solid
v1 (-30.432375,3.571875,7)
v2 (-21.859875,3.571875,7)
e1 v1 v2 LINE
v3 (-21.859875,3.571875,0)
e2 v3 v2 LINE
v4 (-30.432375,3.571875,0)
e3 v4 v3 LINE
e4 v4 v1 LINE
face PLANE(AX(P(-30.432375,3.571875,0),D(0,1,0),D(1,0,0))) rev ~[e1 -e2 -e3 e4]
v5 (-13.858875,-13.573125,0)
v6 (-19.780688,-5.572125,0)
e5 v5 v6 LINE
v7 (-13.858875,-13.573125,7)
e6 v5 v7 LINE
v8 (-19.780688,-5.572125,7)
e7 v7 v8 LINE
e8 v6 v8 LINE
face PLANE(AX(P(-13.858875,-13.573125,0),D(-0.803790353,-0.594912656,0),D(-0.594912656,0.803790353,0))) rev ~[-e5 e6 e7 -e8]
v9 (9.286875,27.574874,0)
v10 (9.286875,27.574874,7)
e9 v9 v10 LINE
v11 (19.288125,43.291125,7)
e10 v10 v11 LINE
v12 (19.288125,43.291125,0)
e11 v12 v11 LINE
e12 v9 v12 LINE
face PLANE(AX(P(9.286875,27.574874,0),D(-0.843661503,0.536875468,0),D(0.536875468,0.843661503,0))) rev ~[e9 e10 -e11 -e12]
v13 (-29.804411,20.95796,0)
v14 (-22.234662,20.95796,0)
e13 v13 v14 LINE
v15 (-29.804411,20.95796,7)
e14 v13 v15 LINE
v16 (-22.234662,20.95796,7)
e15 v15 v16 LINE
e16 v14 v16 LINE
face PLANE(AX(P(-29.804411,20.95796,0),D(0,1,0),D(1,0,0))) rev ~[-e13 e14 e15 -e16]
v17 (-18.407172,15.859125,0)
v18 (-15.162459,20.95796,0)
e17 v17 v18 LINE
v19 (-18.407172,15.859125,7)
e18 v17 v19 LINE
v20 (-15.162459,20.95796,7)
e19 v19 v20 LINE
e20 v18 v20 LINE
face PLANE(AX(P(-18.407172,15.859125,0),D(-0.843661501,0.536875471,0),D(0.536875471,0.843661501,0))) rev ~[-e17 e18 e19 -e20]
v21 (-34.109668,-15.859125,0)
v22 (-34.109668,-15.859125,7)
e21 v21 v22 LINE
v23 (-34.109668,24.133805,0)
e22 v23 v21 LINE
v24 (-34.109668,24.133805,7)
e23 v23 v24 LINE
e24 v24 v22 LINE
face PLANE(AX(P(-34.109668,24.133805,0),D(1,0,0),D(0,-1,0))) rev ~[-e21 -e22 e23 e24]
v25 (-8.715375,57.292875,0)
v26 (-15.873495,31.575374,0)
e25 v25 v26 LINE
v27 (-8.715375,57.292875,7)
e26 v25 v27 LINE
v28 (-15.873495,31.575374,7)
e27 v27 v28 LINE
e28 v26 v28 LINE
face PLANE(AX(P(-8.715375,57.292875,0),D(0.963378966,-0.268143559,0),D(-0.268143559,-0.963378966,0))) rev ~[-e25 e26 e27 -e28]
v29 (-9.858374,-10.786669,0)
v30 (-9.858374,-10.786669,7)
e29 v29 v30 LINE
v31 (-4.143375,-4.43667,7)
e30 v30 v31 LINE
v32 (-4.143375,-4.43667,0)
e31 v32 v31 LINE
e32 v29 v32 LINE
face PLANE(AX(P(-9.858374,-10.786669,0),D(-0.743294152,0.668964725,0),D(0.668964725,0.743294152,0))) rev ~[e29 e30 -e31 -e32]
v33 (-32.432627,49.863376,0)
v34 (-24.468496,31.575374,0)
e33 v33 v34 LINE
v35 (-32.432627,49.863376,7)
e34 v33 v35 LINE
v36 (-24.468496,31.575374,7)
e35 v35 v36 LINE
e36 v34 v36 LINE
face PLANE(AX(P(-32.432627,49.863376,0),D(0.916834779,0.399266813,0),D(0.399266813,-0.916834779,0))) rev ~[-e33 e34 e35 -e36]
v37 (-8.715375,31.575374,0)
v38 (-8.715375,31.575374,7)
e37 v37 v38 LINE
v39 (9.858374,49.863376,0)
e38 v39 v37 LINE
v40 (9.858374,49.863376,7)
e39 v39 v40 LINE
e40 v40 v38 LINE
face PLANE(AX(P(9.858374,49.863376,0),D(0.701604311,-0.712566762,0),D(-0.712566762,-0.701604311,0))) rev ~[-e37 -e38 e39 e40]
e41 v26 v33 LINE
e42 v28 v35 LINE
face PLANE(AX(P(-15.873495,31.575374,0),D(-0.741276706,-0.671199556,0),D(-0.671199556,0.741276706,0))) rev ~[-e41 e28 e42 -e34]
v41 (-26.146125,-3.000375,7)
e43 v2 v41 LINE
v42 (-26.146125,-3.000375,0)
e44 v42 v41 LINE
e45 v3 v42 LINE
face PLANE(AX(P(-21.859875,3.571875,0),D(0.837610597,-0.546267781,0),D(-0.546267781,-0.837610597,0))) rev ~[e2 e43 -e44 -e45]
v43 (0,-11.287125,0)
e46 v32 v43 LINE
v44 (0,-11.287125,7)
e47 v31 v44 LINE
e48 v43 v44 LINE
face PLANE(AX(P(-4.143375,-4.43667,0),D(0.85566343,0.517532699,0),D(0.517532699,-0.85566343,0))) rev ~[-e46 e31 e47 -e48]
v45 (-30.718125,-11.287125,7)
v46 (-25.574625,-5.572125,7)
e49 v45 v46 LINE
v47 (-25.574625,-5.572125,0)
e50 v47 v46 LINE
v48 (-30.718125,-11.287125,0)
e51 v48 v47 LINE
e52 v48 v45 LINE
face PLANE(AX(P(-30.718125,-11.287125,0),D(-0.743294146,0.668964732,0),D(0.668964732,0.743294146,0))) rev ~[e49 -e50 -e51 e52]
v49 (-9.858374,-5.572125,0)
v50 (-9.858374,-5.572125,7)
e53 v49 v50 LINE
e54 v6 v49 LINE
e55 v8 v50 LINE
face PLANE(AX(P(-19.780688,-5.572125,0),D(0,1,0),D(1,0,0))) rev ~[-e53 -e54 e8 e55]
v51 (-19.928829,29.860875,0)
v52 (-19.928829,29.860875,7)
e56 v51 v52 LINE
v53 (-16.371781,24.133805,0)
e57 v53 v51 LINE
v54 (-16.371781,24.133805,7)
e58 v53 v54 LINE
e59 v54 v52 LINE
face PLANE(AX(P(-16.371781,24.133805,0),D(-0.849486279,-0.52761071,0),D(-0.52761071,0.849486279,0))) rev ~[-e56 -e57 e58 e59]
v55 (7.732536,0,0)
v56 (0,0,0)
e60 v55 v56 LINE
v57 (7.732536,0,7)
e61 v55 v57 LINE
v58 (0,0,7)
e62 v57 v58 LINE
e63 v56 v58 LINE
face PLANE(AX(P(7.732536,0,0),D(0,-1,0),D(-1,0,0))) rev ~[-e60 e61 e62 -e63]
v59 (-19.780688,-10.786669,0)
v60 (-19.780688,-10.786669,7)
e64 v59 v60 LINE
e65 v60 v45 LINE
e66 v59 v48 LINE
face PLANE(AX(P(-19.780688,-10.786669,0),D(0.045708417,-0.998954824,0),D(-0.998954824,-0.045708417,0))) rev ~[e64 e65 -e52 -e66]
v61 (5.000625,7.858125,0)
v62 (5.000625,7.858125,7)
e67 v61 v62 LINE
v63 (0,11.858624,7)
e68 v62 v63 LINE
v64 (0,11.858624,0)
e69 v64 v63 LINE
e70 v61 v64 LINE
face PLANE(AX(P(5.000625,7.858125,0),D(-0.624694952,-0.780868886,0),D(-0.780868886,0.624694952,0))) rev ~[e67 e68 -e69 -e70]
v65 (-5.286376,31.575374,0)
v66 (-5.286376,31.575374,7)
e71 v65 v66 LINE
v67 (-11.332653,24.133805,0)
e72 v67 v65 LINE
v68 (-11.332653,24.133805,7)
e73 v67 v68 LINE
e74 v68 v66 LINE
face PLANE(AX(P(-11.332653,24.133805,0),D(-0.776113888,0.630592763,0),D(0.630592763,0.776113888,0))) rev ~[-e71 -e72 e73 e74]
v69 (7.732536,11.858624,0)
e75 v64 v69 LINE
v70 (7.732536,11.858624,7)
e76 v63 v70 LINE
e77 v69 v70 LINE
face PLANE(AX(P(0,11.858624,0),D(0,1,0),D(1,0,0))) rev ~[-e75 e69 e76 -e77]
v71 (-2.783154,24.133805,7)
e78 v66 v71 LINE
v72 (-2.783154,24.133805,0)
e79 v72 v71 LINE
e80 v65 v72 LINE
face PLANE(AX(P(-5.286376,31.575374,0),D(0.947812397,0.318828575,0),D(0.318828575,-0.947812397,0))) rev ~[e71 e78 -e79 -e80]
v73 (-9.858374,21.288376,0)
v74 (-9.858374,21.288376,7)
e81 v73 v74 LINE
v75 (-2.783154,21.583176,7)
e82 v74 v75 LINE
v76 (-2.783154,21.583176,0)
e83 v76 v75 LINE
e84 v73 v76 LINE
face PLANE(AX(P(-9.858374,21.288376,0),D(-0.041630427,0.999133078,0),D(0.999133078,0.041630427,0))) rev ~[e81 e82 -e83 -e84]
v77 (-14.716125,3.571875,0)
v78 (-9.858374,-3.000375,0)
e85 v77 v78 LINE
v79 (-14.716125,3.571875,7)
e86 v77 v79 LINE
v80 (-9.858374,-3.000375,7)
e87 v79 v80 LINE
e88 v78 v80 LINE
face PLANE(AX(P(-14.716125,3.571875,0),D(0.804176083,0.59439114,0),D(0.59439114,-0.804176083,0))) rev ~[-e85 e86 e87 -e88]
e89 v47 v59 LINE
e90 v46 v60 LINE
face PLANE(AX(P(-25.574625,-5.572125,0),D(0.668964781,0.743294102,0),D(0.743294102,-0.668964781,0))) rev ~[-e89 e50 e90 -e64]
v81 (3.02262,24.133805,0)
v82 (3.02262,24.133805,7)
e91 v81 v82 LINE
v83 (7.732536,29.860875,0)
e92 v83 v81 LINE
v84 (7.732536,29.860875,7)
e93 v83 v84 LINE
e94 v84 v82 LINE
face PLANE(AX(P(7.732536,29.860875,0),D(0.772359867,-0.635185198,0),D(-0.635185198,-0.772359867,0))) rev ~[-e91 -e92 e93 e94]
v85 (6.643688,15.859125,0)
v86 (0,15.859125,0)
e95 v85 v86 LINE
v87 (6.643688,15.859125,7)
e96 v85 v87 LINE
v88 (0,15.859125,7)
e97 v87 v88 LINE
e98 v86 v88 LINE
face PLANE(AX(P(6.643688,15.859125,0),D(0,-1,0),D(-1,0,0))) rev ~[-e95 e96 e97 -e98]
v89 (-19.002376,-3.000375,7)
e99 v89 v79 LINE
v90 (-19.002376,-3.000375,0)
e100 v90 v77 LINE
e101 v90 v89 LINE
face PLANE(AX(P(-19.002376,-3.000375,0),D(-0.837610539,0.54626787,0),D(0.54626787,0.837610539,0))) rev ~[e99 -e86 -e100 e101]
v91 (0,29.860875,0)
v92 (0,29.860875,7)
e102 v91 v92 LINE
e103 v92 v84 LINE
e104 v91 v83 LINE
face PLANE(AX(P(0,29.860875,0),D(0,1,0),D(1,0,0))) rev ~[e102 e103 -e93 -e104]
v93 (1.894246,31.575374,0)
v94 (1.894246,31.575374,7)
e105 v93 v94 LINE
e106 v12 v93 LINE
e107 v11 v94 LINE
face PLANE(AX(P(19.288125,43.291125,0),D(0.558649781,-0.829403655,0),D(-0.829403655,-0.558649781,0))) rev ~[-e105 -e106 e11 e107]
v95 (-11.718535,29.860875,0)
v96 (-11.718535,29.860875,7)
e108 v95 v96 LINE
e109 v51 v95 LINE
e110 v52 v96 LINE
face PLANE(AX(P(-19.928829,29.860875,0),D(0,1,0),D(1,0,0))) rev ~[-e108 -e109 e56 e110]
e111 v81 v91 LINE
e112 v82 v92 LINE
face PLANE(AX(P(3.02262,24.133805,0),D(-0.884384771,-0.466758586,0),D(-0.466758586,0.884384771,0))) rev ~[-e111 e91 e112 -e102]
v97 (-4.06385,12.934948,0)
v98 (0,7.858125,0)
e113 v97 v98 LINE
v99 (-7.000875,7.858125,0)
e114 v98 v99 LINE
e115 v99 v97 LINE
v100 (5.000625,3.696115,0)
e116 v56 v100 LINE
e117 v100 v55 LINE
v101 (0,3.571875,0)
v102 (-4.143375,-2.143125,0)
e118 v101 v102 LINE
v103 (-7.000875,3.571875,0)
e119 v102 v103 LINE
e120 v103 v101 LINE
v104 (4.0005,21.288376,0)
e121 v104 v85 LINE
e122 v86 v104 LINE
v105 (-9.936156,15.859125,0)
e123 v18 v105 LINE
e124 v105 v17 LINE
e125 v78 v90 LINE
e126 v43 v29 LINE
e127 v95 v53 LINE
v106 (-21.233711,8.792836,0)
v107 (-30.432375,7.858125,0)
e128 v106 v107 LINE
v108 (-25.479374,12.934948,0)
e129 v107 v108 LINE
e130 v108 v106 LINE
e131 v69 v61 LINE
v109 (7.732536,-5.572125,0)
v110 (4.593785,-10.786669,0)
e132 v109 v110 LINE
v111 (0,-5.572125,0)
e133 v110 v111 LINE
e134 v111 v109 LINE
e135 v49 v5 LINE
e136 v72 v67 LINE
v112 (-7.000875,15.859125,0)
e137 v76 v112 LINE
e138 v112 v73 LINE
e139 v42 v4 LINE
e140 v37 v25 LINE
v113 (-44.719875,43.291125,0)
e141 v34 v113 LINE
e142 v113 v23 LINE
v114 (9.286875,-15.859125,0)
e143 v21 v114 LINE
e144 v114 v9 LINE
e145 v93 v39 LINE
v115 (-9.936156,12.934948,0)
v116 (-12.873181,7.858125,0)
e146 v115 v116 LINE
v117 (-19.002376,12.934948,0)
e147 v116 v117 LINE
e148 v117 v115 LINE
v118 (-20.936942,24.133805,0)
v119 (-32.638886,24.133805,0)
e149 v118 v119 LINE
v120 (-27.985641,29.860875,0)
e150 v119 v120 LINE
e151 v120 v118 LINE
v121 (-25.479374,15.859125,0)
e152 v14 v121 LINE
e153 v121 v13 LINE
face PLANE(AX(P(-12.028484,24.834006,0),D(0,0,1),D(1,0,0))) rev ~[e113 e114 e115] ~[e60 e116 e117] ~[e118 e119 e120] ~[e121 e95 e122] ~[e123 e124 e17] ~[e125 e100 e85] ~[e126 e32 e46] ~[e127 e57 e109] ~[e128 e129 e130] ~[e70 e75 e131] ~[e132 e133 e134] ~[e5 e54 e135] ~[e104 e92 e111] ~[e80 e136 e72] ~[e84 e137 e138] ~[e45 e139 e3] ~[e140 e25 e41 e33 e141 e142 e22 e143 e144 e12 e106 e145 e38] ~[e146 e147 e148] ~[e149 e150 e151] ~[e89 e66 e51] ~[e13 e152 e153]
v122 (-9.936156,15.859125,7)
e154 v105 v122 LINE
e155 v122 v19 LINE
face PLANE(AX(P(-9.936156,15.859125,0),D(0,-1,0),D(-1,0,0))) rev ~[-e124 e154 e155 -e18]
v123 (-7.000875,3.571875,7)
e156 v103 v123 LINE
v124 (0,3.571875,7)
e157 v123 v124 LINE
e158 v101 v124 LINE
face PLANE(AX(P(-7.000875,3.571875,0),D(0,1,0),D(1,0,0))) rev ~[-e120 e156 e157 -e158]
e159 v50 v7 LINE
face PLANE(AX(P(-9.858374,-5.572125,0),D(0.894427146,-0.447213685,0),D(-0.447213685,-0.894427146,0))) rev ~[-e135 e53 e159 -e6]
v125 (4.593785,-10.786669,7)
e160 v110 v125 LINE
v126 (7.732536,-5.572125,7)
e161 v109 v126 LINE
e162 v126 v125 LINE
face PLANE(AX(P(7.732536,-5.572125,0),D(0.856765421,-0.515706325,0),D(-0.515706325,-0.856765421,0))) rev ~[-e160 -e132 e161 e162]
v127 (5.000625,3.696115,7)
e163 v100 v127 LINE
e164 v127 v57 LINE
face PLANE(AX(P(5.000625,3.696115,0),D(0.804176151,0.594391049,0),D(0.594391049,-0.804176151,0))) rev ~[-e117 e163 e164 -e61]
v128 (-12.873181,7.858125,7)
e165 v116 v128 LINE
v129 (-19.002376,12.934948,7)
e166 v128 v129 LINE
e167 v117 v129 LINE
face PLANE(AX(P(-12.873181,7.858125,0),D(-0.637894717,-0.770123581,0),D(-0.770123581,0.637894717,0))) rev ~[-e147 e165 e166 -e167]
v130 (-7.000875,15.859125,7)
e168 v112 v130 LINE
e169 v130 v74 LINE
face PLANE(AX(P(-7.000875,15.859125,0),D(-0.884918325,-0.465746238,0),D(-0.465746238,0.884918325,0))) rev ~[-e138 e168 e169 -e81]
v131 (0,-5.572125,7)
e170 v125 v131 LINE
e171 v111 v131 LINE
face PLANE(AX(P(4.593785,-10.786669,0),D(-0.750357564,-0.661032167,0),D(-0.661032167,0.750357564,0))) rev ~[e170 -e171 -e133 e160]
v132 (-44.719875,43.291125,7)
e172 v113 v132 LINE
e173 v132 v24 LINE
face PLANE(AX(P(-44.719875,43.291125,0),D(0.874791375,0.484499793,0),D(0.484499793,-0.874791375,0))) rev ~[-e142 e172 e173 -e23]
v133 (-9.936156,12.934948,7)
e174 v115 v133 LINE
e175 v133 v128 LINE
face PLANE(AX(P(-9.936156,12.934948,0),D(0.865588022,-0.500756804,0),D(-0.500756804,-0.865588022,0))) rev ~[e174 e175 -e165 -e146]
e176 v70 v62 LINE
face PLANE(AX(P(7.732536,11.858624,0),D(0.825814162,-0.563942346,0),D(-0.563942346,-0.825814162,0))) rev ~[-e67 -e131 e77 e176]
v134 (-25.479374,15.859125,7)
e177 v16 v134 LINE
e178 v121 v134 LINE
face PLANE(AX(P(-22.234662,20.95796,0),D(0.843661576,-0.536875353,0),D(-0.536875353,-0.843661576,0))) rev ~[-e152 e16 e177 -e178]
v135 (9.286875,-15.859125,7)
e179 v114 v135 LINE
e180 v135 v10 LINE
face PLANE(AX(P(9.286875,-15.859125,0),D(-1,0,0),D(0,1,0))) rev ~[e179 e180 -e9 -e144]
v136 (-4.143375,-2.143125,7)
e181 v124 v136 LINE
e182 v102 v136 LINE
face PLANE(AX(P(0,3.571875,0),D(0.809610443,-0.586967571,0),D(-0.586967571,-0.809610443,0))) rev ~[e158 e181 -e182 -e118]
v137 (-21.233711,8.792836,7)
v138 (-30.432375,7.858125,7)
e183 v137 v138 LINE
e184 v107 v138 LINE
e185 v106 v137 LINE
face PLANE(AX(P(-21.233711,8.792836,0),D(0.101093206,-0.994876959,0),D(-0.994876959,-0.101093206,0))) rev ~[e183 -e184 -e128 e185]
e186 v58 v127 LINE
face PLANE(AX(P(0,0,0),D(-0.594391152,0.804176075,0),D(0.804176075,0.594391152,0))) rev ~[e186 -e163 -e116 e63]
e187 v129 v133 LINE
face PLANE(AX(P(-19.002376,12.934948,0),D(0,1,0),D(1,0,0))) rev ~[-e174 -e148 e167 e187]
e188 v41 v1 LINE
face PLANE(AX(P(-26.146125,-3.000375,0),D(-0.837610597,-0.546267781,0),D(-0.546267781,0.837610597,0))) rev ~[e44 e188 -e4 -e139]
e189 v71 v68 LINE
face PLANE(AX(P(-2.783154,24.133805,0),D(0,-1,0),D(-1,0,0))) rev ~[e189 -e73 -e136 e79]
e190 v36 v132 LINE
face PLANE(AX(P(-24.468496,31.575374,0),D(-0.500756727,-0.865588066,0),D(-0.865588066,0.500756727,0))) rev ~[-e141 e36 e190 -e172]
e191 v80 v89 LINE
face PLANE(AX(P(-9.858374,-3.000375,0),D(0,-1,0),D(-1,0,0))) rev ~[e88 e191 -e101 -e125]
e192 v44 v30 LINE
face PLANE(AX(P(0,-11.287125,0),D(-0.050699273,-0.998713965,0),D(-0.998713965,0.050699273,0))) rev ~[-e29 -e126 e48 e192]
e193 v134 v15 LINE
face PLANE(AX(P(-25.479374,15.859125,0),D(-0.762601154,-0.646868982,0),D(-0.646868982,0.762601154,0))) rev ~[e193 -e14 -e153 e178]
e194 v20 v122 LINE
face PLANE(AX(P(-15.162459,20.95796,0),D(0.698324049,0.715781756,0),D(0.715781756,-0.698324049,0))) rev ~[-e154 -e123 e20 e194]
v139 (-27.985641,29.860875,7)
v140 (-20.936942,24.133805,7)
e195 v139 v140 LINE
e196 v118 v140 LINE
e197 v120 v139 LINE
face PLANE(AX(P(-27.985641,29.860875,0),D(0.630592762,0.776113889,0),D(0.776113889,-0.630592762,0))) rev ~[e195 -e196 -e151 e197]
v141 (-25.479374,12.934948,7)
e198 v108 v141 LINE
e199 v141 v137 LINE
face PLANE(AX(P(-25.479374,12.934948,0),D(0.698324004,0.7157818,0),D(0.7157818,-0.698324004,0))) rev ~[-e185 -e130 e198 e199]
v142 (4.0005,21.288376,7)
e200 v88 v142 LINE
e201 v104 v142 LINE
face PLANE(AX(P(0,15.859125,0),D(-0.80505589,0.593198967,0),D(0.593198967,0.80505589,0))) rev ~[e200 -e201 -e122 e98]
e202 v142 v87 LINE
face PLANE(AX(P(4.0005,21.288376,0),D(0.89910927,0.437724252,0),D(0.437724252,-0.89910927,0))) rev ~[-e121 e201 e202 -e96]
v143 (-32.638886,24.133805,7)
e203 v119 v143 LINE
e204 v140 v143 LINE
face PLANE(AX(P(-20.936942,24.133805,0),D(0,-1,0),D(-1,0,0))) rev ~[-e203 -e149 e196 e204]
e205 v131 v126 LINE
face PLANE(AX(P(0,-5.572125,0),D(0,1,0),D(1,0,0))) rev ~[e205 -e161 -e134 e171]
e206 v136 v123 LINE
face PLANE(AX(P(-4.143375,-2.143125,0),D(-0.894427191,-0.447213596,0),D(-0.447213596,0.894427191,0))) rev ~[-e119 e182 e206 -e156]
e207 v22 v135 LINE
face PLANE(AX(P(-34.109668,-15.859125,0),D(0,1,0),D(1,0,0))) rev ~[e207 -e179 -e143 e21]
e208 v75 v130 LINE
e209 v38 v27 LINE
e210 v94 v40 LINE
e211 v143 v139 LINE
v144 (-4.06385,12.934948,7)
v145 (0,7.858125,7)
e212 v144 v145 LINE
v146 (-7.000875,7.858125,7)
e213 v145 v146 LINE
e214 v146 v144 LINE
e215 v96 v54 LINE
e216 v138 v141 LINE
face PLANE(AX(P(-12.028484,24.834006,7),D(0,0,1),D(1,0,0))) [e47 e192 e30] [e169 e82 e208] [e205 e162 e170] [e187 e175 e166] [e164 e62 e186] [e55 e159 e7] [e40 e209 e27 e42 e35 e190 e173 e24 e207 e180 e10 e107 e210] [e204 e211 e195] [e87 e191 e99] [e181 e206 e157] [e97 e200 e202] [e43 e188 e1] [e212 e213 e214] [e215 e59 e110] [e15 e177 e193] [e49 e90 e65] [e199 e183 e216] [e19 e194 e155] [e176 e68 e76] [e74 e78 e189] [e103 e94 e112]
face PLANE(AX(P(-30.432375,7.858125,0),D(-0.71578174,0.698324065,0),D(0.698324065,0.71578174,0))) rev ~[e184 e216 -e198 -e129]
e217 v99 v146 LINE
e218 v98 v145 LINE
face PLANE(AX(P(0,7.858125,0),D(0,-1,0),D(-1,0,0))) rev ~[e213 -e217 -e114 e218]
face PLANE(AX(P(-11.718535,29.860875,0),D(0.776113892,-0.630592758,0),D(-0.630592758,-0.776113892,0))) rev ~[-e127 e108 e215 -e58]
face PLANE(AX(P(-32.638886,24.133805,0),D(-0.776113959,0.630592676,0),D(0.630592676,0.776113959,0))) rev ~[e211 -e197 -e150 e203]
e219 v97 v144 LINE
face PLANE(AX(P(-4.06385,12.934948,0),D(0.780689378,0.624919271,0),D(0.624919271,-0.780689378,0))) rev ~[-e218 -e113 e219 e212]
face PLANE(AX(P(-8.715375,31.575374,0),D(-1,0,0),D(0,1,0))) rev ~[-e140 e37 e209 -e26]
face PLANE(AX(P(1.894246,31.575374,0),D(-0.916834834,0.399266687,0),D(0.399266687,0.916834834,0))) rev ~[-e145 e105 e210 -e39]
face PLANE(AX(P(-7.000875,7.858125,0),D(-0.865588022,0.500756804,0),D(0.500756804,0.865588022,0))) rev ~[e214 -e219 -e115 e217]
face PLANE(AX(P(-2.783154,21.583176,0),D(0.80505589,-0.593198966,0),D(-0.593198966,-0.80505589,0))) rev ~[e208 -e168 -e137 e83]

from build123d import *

# Parameters (mm, degrees)
F1_DEPTH = 7


with BuildPart() as f1:
    # F0 (on Top) → F1 (new body)
    with BuildSketch(Plane.XY):
        Polygon((-34.109668, 24.133805), (-34.109668, -15.859125), (9.286875, -15.859125), (9.286875, 27.439939), (9.286875, 27.574874), (19.288125, 43.291125), (1.894246, 31.575374), (9.858374, 49.863376), (-8.715375, 31.575374), (-8.715375, 57.292875), (-15.873495, 31.575374), (-32.432627, 49.863376), (-24.468496, 31.575374), (-44.719875, 43.291125), align=None)
        Polygon((-19.780688, -10.786669), (-30.718125, -11.287125), (-25.574625, -5.572125), align=None, mode=Mode.SUBTRACT)
        Polygon((-13.858875, -13.573125), (-19.780688, -5.572125), (-9.858374, -5.572125), align=None, mode=Mode.SUBTRACT)
        Polygon((-26.146125, -3.000375), (-30.432375, 3.571875), (-21.859875, 3.571875), align=None, mode=Mode.SUBTRACT)
        Polygon((-9.858374, -3.000375), (-19.002376, -3.000375), (-14.716125, 3.571875), align=None, mode=Mode.SUBTRACT)
        Polygon((-21.233711, 8.792836), (-30.432375, 7.858125), (-25.479374, 12.934948), align=None, mode=Mode.SUBTRACT)
        Polygon((-12.873181, 7.858125), (-19.002376, 12.934948), (-9.936156, 12.934948), align=None, mode=Mode.SUBTRACT)
        Polygon((-25.479374, 15.859125), (-29.804411, 20.95796), (-22.234662, 20.95796), align=None, mode=Mode.SUBTRACT)
        Polygon((-9.936156, 15.859125), (-18.407172, 15.859125), (-15.162459, 20.95796), align=None, mode=Mode.SUBTRACT)
        Polygon((0, -11.287125), (-9.858374, -10.786669), (-4.143375, -4.43667), align=None, mode=Mode.SUBTRACT)
        Polygon((-4.143375, -2.143125), (-7.000875, 3.571875), (0, 3.571875), align=None, mode=Mode.SUBTRACT)
        Polygon((7.732536, -5.572125), (4.593785, -10.786669), (0, -5.572125), align=None, mode=Mode.SUBTRACT)
        Polygon((7.732536, 0), (0, 0), (5.000625, 3.696115), align=None, mode=Mode.SUBTRACT)
        Polygon((0, 7.858125), (-7.000875, 7.858125), (-4.06385, 12.934948), align=None, mode=Mode.SUBTRACT)
        Polygon((-7.000875, 15.859125), (-9.858374, 21.288376), (-2.783154, 21.583176), align=None, mode=Mode.SUBTRACT)
        Polygon((5.000625, 7.858125), (0, 11.858624), (7.732536, 11.858624), align=None, mode=Mode.SUBTRACT)
        Polygon((6.643688, 15.859125), (0, 15.859125), (4.0005, 21.288376), align=None, mode=Mode.SUBTRACT)
        Polygon((-20.936942, 24.133805), (-32.638886, 24.133805), (-27.985641, 29.860875), align=None, mode=Mode.SUBTRACT)
        Polygon((-16.371781, 24.133805), (-19.928829, 29.860875), (-11.718535, 29.860875), align=None, mode=Mode.SUBTRACT)
        Polygon((-2.783154, 24.133805), (-11.332653, 24.133805), (-5.286376, 31.575374), align=None, mode=Mode.SUBTRACT)
        Polygon((3.02262, 24.133805), (0, 29.860875), (7.732536, 29.860875), align=None, mode=Mode.SUBTRACT)
    extrude(amount=F1_DEPTH)


solid = f1.part
